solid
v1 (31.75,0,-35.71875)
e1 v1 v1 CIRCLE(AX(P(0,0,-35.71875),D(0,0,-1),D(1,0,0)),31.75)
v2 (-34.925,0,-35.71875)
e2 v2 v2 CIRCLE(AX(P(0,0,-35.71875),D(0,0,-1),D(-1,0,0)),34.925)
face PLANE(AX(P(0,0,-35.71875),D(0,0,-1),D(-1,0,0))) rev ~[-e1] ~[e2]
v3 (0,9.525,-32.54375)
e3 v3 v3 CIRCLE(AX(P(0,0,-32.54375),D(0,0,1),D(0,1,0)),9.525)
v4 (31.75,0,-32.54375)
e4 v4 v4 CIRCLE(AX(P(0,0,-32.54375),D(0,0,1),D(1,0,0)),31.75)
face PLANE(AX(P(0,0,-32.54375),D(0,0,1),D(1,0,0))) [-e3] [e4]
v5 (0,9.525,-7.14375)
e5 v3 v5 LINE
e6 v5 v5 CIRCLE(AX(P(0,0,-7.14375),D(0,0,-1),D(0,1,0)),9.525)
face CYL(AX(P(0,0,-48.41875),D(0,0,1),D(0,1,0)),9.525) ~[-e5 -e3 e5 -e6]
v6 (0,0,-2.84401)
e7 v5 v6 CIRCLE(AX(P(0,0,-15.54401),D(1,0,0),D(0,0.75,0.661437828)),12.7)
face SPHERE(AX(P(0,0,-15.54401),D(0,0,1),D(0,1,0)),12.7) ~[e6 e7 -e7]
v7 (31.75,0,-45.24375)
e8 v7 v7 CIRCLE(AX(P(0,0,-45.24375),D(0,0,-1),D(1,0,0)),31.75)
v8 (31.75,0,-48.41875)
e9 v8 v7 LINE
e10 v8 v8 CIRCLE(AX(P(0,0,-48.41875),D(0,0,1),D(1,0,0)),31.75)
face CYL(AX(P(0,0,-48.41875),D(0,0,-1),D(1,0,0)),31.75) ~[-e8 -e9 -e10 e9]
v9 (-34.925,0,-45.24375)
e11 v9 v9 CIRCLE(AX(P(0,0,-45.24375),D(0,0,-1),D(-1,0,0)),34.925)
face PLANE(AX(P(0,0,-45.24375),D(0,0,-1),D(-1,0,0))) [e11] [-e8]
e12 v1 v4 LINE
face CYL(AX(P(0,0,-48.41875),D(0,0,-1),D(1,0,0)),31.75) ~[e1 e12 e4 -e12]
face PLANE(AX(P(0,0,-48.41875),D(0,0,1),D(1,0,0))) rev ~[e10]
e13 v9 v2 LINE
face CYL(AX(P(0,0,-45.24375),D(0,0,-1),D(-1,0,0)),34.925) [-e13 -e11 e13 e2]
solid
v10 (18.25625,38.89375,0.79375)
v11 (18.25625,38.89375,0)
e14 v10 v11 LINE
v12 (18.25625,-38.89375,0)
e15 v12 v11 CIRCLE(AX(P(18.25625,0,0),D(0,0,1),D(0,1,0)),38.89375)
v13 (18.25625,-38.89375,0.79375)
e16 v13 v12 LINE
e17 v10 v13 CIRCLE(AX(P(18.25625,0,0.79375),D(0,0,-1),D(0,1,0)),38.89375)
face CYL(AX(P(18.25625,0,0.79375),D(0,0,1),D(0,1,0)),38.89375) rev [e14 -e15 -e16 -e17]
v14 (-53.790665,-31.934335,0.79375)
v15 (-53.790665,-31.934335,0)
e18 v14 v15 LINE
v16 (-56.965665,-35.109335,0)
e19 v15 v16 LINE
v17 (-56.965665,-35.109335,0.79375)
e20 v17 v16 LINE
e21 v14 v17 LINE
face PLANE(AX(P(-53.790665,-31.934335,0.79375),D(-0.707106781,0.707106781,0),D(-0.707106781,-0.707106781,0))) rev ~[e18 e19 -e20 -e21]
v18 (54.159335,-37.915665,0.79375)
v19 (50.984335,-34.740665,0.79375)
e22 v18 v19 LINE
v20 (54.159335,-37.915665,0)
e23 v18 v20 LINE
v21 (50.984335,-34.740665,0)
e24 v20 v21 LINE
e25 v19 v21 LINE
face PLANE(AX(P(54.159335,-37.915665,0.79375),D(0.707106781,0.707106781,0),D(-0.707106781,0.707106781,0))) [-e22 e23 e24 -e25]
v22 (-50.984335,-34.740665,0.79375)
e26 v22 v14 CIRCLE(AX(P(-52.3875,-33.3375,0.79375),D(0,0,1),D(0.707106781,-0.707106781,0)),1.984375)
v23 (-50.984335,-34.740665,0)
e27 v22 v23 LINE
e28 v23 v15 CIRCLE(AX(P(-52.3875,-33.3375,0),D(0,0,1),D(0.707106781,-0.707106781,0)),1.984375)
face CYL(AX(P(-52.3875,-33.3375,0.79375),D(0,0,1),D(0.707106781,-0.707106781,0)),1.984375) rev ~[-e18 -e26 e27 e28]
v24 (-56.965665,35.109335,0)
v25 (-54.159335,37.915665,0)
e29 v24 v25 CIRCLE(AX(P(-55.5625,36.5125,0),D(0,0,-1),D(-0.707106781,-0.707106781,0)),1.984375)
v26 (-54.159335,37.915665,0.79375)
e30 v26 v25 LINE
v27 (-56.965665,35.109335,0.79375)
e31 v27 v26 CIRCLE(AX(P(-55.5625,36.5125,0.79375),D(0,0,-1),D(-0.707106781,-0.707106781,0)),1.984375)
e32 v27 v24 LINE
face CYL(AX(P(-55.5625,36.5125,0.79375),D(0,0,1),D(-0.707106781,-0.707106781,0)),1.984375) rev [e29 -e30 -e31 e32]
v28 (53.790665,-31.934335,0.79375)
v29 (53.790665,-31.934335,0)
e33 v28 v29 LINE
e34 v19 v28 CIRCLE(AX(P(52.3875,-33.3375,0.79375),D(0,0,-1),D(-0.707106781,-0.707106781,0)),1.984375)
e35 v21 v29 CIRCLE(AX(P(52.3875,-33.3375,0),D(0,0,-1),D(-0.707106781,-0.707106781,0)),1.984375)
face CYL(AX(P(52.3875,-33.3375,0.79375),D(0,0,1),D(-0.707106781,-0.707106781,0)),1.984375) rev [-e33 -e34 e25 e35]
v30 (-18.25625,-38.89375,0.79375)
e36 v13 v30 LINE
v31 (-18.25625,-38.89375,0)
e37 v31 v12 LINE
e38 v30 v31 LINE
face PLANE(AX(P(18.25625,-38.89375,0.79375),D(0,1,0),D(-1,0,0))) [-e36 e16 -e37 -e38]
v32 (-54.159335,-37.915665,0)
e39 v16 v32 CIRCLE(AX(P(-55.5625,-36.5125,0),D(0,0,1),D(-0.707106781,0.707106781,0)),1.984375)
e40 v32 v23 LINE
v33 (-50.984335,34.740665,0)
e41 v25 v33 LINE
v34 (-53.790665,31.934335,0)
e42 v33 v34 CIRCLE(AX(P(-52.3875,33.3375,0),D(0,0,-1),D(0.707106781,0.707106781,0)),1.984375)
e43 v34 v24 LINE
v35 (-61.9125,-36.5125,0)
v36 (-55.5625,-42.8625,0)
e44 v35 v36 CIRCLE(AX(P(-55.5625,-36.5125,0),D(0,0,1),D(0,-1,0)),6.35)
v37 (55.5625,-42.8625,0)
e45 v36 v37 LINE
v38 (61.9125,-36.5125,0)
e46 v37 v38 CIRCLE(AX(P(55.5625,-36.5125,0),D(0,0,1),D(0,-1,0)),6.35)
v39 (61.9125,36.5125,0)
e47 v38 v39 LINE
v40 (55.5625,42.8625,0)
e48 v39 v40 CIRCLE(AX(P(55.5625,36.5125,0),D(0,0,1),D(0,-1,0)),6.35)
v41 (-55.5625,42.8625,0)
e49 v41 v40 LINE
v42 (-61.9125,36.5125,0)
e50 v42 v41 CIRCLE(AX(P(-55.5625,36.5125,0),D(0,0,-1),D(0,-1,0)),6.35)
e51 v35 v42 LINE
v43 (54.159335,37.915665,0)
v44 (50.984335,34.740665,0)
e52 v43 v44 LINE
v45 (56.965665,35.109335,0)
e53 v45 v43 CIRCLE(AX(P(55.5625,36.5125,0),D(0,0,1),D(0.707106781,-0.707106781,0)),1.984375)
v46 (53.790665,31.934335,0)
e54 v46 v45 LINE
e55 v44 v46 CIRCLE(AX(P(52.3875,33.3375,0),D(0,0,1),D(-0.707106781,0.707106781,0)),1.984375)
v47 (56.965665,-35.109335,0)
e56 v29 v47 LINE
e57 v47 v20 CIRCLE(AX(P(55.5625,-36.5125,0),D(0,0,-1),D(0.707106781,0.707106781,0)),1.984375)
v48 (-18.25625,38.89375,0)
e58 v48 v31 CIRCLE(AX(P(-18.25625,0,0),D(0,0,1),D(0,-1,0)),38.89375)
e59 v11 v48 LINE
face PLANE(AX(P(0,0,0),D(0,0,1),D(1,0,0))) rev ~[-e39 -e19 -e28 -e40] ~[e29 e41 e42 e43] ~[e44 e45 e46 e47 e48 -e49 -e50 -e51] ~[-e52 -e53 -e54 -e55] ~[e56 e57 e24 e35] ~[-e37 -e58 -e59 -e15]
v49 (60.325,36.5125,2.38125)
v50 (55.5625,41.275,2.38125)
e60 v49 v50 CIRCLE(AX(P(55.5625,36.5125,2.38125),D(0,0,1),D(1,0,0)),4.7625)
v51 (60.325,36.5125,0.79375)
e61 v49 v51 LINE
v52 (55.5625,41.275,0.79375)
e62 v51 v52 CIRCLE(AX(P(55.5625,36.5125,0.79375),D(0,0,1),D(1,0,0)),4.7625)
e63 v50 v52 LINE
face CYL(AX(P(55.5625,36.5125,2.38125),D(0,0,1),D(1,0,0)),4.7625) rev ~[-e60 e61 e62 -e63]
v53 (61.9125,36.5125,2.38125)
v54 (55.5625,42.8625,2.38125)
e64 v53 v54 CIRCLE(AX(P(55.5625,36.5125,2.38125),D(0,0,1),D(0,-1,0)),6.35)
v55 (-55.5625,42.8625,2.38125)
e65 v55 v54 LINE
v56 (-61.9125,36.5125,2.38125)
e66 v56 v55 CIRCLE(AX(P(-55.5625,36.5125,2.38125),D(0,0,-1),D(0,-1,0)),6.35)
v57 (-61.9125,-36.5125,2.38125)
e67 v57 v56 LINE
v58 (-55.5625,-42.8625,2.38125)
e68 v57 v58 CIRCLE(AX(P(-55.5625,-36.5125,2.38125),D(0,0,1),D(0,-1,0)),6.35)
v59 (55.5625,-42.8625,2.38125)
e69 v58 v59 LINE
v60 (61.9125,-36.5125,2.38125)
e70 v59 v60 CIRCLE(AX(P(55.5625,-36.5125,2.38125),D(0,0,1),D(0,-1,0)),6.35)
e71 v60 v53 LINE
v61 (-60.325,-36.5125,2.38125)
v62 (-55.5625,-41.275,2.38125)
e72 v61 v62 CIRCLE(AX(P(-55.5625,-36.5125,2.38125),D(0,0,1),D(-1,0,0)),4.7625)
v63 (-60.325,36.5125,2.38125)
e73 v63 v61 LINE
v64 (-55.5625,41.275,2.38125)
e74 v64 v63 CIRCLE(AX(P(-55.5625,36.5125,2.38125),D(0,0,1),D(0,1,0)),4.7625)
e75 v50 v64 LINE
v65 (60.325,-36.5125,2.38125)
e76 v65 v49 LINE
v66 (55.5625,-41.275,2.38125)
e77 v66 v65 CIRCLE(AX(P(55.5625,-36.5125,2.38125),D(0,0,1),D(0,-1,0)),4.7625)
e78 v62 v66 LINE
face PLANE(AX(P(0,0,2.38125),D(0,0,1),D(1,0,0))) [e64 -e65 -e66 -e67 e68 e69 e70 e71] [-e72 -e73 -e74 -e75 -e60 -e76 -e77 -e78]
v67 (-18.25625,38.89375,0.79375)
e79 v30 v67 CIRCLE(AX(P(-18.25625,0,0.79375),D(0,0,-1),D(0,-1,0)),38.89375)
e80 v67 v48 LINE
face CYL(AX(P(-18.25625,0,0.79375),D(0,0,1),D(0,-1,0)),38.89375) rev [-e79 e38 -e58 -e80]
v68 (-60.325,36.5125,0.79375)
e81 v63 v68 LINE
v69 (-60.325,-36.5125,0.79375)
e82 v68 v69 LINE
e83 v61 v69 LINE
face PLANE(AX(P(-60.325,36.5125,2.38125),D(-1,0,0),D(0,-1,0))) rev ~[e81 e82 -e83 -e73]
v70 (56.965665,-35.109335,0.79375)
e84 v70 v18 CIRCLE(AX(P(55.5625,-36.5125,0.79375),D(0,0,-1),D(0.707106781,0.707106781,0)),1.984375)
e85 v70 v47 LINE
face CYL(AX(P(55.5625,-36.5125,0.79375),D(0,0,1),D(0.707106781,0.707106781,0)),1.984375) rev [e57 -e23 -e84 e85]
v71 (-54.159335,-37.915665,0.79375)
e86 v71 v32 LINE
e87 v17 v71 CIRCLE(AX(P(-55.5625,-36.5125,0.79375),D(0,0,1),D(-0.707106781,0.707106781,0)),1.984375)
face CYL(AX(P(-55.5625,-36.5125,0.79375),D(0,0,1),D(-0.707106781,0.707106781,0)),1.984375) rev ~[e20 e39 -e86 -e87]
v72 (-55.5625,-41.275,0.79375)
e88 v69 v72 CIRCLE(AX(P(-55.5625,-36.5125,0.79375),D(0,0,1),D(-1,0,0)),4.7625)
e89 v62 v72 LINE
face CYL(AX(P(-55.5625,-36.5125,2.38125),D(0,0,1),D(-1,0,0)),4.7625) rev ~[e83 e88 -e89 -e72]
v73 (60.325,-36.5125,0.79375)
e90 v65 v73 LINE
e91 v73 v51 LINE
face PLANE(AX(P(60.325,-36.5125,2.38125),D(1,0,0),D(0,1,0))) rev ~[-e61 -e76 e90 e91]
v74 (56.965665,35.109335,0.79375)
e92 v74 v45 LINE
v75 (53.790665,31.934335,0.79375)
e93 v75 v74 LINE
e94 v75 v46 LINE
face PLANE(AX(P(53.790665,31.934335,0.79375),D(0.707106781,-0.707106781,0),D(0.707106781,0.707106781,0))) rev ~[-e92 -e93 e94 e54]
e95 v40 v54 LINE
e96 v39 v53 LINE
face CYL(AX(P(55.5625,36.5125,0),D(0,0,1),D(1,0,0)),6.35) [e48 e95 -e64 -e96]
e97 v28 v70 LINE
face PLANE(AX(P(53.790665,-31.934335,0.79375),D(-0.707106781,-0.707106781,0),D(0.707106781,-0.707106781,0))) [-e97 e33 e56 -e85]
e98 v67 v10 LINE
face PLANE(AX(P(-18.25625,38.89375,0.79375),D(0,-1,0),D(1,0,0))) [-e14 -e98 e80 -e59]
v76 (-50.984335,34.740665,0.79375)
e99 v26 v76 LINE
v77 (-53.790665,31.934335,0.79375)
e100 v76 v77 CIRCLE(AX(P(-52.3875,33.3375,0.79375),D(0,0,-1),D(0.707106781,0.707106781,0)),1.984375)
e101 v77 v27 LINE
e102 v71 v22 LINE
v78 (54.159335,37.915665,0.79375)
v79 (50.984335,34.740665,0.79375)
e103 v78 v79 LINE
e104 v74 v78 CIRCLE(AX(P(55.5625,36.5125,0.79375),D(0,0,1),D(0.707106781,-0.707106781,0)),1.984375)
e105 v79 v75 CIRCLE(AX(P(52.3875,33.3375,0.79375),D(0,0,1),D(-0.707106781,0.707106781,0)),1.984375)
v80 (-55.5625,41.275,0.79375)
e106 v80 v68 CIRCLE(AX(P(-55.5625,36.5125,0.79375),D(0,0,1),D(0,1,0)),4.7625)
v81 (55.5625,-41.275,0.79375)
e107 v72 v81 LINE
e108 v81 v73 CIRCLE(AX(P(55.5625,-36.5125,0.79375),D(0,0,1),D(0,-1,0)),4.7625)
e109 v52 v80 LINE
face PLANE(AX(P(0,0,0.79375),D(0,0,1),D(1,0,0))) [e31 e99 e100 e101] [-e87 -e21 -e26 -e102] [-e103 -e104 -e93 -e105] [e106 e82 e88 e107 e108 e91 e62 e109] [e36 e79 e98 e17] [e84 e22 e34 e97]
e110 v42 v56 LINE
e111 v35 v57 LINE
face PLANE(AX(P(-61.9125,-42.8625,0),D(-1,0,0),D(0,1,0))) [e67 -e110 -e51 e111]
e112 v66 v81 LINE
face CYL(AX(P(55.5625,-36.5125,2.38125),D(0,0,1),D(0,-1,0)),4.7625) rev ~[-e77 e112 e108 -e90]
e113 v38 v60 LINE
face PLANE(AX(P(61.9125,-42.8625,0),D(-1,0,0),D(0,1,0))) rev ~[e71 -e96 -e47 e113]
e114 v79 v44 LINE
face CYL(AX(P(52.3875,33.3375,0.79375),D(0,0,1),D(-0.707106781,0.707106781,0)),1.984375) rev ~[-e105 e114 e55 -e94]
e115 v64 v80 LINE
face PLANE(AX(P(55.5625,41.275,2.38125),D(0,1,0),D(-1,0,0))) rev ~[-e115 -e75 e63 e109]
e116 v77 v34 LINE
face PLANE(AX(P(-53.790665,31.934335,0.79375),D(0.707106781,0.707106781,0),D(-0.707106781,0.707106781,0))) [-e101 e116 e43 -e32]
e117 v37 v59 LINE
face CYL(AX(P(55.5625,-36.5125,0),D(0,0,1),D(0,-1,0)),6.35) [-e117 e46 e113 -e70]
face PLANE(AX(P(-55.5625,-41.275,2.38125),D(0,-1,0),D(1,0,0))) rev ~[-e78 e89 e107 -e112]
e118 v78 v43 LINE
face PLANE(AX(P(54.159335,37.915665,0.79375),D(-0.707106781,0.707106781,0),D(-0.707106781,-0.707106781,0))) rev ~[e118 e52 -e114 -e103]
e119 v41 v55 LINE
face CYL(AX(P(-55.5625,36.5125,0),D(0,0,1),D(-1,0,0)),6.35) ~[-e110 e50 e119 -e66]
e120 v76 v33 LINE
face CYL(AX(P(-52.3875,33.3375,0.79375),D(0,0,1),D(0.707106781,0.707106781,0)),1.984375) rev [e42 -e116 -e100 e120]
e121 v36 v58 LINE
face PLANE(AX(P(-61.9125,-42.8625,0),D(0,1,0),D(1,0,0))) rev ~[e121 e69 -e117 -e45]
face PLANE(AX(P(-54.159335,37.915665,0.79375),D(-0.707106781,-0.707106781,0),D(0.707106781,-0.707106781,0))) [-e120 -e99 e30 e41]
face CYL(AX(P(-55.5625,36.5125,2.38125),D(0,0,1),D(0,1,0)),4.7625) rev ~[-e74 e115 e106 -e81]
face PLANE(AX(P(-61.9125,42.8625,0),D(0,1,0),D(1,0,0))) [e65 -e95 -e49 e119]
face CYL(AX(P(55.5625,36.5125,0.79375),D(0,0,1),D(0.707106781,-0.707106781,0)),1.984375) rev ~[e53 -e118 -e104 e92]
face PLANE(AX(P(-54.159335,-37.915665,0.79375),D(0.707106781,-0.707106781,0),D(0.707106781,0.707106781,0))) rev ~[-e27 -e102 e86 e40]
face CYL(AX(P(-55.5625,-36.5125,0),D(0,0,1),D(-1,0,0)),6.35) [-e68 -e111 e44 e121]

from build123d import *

# Parameters (mm, degrees)
SKETCH1_W           = 123.825
SKETCH1_H           = 85.725
BOSS_EXTRUDE1_DEPTH = 2.38125
FILLET1_R           = 6.35
CUT_EXTRUDE1_DEPTH  = 1.5875
CUT_EXTRUDE2_REACH  = 77.318
SKETCH6_R           = 31.75
BOSS_EXTRUDE2_DEPTH = 15.875
BOSS_EXTRUDE3_START = -3.175
SKETCH19_R          = 34.925
BOSS_EXTRUDE3_DEPTH = 9.525
CUT_EXTRUDE3_DEPTH  = 0.79375


with BuildPart() as part:
    # Sketch1 → Boss-Extrude1 (new body)
    with BuildSketch(Plane.XY):
        Rectangle(SKETCH1_W, SKETCH1_H)
    extrude(amount=BOSS_EXTRUDE1_DEPTH)

    # Fillet1
    fillet1_edges = [part.edges().sort_by_distance(p)[0] for p in [
        (61.9125, -42.8625, 1.190625),
        (-61.9125, -42.8625, 1.190625),
        (-61.9125, 42.8625, 1.190625),
        (61.9125, 42.8625, 1.190625),
    ]]
    fillet(fillet1_edges, radius=FILLET1_R)

    # Sketch2 → Cut-Extrude1 (cut)
    with BuildSketch(Plane.XY.offset(2.38125)):
        with BuildLine():
            Line((-60.325, 36.5125), (-60.325, -36.5125))
            ThreePointArc((-60.325, -36.5125), (-58.930096045, -39.880096045), (-55.5625, -41.275))
            Line((-55.5625, -41.275), (55.5625, -41.275))
            ThreePointArc((55.5625, -41.275), (58.930096045, -39.880096045), (60.325, -36.5125))
            Line((60.325, -36.5125), (60.325, 36.5125))
            ThreePointArc((60.325, 36.5125), (58.930096045, 39.880096045), (55.5625, 41.275))
            Line((55.5625, 41.275), (-55.5625, 41.275))
            ThreePointArc((-55.5625, 41.275), (-58.930096045, 39.880096045), (-60.325, 36.5125))
        make_face()
    extrude(amount=-CUT_EXTRUDE1_DEPTH, mode=Mode.SUBTRACT)

    # Sketch3 → Cut-Extrude2 (cut, up to next)
    with BuildSketch(Plane.XY.offset(0.79375), mode=Mode.PRIVATE) as cut_extrude2_sk1:
        with BuildLine():
            Line((-18.25625, 38.89375), (18.25625, 38.89375))
            ThreePointArc((18.25625, 38.89375), (57.15, 0), (18.25625, -38.89375))
            Line((18.25625, -38.89375), (-18.25625, -38.89375))
            ThreePointArc((-18.25625, -38.89375), (-57.15, 0), (-18.25625, 38.89375))
        make_face()
    cut_extrude2_tool1 = extrude(cut_extrude2_sk1.sketch, amount=-CUT_EXTRUDE2_REACH, mode=Mode.PRIVATE) & part.part
    add(cut_extrude2_tool1.solids().sort_by_distance((0, 0, 0.79375))[0], mode=Mode.SUBTRACT)

    # Sketch20 → Cut-Extrude3 (cut)
    with BuildSketch(Plane.XY.offset(0.79375)):
        with BuildLine():
            Line((-54.159334981, 37.915665019), (-50.984334981, 34.740665019))
            ThreePointArc((-50.984334981, 34.740665019), (-50.984334981, 31.934334981), (-53.790665019, 31.934334981))
            Line((-53.790665019, 31.934334981), (-56.965665019, 35.109334981))
            ThreePointArc((-56.965665019, 35.109334981), (-56.965665019, 37.915665019), (-54.159334981, 37.915665019))
        make_face()
        with BuildLine():
            Line((54.159334981, 37.915665019), (50.984334981, 34.740665019))
            ThreePointArc((50.984334981, 34.740665019), (50.984334981, 31.934334981), (53.790665019, 31.934334981))
            Line((53.790665019, 31.934334981), (56.965665019, 35.109334981))
            ThreePointArc((56.965665019, 35.109334981), (56.965665019, 37.915665019), (54.159334981, 37.915665019))
        make_face()
        with BuildLine():
            Line((-54.159334981, -37.915665019), (-50.984334981, -34.740665019))
            ThreePointArc((-50.984334981, -34.740665019), (-50.984334981, -31.934334981), (-53.790665019, -31.934334981))
            Line((-53.790665019, -31.934334981), (-56.965665019, -35.109334981))
            ThreePointArc((-56.965665019, -35.109334981), (-56.965665019, -37.915665019), (-54.159334981, -37.915665019))
        make_face()
        with BuildLine():
            Line((54.159334981, -37.915665019), (50.984334981, -34.740665019))
            ThreePointArc((50.984334981, -34.740665019), (50.984334981, -31.934334981), (53.790665019, -31.934334981))
            Line((53.790665019, -31.934334981), (56.965665019, -35.109334981))
            ThreePointArc((56.965665019, -35.109334981), (56.965665019, -37.915665019), (54.159334981, -37.915665019))
        make_face()
    extrude(amount=-CUT_EXTRUDE3_DEPTH, mode=Mode.SUBTRACT)


with BuildPart() as body_2:
    # Sketch5 → Revolve1 (revolve)
    with BuildSketch(Plane(origin=(0, 0, 0), x_dir=(0, 0, -1), z_dir=(1, 0, 0))):
        with BuildLine():
            Line((48.41875, 0), (48.41875, 9.525))
            Line((48.41875, 9.525), (7.14375, 9.525))
            ThreePointArc((7.14375, 9.525), (3.96875, 5.225260413), (2.844010413, 0))
            Line((2.844010413, 0), (48.41875, 0))
        make_face()
    revolve(axis=Axis((0, 0, 0), (0, 0, -1)))

    # Sketch6 → Boss-Extrude2 (add)
    with BuildSketch(Plane.XY.offset(-48.41875)):
        Circle(SKETCH6_R)
    extrude(amount=BOSS_EXTRUDE2_DEPTH)

    # Sketch19 → Boss-Extrude3 (add)
    with BuildSketch(Plane(origin=(0, 0, -48.41875), x_dir=(-1, 0, 0), z_dir=(0, 0, -1)).offset(BOSS_EXTRUDE3_START)):
        Circle(SKETCH19_R)
    extrude(amount=-BOSS_EXTRUDE3_DEPTH)


solid = Compound([part.part, body_2.part])
